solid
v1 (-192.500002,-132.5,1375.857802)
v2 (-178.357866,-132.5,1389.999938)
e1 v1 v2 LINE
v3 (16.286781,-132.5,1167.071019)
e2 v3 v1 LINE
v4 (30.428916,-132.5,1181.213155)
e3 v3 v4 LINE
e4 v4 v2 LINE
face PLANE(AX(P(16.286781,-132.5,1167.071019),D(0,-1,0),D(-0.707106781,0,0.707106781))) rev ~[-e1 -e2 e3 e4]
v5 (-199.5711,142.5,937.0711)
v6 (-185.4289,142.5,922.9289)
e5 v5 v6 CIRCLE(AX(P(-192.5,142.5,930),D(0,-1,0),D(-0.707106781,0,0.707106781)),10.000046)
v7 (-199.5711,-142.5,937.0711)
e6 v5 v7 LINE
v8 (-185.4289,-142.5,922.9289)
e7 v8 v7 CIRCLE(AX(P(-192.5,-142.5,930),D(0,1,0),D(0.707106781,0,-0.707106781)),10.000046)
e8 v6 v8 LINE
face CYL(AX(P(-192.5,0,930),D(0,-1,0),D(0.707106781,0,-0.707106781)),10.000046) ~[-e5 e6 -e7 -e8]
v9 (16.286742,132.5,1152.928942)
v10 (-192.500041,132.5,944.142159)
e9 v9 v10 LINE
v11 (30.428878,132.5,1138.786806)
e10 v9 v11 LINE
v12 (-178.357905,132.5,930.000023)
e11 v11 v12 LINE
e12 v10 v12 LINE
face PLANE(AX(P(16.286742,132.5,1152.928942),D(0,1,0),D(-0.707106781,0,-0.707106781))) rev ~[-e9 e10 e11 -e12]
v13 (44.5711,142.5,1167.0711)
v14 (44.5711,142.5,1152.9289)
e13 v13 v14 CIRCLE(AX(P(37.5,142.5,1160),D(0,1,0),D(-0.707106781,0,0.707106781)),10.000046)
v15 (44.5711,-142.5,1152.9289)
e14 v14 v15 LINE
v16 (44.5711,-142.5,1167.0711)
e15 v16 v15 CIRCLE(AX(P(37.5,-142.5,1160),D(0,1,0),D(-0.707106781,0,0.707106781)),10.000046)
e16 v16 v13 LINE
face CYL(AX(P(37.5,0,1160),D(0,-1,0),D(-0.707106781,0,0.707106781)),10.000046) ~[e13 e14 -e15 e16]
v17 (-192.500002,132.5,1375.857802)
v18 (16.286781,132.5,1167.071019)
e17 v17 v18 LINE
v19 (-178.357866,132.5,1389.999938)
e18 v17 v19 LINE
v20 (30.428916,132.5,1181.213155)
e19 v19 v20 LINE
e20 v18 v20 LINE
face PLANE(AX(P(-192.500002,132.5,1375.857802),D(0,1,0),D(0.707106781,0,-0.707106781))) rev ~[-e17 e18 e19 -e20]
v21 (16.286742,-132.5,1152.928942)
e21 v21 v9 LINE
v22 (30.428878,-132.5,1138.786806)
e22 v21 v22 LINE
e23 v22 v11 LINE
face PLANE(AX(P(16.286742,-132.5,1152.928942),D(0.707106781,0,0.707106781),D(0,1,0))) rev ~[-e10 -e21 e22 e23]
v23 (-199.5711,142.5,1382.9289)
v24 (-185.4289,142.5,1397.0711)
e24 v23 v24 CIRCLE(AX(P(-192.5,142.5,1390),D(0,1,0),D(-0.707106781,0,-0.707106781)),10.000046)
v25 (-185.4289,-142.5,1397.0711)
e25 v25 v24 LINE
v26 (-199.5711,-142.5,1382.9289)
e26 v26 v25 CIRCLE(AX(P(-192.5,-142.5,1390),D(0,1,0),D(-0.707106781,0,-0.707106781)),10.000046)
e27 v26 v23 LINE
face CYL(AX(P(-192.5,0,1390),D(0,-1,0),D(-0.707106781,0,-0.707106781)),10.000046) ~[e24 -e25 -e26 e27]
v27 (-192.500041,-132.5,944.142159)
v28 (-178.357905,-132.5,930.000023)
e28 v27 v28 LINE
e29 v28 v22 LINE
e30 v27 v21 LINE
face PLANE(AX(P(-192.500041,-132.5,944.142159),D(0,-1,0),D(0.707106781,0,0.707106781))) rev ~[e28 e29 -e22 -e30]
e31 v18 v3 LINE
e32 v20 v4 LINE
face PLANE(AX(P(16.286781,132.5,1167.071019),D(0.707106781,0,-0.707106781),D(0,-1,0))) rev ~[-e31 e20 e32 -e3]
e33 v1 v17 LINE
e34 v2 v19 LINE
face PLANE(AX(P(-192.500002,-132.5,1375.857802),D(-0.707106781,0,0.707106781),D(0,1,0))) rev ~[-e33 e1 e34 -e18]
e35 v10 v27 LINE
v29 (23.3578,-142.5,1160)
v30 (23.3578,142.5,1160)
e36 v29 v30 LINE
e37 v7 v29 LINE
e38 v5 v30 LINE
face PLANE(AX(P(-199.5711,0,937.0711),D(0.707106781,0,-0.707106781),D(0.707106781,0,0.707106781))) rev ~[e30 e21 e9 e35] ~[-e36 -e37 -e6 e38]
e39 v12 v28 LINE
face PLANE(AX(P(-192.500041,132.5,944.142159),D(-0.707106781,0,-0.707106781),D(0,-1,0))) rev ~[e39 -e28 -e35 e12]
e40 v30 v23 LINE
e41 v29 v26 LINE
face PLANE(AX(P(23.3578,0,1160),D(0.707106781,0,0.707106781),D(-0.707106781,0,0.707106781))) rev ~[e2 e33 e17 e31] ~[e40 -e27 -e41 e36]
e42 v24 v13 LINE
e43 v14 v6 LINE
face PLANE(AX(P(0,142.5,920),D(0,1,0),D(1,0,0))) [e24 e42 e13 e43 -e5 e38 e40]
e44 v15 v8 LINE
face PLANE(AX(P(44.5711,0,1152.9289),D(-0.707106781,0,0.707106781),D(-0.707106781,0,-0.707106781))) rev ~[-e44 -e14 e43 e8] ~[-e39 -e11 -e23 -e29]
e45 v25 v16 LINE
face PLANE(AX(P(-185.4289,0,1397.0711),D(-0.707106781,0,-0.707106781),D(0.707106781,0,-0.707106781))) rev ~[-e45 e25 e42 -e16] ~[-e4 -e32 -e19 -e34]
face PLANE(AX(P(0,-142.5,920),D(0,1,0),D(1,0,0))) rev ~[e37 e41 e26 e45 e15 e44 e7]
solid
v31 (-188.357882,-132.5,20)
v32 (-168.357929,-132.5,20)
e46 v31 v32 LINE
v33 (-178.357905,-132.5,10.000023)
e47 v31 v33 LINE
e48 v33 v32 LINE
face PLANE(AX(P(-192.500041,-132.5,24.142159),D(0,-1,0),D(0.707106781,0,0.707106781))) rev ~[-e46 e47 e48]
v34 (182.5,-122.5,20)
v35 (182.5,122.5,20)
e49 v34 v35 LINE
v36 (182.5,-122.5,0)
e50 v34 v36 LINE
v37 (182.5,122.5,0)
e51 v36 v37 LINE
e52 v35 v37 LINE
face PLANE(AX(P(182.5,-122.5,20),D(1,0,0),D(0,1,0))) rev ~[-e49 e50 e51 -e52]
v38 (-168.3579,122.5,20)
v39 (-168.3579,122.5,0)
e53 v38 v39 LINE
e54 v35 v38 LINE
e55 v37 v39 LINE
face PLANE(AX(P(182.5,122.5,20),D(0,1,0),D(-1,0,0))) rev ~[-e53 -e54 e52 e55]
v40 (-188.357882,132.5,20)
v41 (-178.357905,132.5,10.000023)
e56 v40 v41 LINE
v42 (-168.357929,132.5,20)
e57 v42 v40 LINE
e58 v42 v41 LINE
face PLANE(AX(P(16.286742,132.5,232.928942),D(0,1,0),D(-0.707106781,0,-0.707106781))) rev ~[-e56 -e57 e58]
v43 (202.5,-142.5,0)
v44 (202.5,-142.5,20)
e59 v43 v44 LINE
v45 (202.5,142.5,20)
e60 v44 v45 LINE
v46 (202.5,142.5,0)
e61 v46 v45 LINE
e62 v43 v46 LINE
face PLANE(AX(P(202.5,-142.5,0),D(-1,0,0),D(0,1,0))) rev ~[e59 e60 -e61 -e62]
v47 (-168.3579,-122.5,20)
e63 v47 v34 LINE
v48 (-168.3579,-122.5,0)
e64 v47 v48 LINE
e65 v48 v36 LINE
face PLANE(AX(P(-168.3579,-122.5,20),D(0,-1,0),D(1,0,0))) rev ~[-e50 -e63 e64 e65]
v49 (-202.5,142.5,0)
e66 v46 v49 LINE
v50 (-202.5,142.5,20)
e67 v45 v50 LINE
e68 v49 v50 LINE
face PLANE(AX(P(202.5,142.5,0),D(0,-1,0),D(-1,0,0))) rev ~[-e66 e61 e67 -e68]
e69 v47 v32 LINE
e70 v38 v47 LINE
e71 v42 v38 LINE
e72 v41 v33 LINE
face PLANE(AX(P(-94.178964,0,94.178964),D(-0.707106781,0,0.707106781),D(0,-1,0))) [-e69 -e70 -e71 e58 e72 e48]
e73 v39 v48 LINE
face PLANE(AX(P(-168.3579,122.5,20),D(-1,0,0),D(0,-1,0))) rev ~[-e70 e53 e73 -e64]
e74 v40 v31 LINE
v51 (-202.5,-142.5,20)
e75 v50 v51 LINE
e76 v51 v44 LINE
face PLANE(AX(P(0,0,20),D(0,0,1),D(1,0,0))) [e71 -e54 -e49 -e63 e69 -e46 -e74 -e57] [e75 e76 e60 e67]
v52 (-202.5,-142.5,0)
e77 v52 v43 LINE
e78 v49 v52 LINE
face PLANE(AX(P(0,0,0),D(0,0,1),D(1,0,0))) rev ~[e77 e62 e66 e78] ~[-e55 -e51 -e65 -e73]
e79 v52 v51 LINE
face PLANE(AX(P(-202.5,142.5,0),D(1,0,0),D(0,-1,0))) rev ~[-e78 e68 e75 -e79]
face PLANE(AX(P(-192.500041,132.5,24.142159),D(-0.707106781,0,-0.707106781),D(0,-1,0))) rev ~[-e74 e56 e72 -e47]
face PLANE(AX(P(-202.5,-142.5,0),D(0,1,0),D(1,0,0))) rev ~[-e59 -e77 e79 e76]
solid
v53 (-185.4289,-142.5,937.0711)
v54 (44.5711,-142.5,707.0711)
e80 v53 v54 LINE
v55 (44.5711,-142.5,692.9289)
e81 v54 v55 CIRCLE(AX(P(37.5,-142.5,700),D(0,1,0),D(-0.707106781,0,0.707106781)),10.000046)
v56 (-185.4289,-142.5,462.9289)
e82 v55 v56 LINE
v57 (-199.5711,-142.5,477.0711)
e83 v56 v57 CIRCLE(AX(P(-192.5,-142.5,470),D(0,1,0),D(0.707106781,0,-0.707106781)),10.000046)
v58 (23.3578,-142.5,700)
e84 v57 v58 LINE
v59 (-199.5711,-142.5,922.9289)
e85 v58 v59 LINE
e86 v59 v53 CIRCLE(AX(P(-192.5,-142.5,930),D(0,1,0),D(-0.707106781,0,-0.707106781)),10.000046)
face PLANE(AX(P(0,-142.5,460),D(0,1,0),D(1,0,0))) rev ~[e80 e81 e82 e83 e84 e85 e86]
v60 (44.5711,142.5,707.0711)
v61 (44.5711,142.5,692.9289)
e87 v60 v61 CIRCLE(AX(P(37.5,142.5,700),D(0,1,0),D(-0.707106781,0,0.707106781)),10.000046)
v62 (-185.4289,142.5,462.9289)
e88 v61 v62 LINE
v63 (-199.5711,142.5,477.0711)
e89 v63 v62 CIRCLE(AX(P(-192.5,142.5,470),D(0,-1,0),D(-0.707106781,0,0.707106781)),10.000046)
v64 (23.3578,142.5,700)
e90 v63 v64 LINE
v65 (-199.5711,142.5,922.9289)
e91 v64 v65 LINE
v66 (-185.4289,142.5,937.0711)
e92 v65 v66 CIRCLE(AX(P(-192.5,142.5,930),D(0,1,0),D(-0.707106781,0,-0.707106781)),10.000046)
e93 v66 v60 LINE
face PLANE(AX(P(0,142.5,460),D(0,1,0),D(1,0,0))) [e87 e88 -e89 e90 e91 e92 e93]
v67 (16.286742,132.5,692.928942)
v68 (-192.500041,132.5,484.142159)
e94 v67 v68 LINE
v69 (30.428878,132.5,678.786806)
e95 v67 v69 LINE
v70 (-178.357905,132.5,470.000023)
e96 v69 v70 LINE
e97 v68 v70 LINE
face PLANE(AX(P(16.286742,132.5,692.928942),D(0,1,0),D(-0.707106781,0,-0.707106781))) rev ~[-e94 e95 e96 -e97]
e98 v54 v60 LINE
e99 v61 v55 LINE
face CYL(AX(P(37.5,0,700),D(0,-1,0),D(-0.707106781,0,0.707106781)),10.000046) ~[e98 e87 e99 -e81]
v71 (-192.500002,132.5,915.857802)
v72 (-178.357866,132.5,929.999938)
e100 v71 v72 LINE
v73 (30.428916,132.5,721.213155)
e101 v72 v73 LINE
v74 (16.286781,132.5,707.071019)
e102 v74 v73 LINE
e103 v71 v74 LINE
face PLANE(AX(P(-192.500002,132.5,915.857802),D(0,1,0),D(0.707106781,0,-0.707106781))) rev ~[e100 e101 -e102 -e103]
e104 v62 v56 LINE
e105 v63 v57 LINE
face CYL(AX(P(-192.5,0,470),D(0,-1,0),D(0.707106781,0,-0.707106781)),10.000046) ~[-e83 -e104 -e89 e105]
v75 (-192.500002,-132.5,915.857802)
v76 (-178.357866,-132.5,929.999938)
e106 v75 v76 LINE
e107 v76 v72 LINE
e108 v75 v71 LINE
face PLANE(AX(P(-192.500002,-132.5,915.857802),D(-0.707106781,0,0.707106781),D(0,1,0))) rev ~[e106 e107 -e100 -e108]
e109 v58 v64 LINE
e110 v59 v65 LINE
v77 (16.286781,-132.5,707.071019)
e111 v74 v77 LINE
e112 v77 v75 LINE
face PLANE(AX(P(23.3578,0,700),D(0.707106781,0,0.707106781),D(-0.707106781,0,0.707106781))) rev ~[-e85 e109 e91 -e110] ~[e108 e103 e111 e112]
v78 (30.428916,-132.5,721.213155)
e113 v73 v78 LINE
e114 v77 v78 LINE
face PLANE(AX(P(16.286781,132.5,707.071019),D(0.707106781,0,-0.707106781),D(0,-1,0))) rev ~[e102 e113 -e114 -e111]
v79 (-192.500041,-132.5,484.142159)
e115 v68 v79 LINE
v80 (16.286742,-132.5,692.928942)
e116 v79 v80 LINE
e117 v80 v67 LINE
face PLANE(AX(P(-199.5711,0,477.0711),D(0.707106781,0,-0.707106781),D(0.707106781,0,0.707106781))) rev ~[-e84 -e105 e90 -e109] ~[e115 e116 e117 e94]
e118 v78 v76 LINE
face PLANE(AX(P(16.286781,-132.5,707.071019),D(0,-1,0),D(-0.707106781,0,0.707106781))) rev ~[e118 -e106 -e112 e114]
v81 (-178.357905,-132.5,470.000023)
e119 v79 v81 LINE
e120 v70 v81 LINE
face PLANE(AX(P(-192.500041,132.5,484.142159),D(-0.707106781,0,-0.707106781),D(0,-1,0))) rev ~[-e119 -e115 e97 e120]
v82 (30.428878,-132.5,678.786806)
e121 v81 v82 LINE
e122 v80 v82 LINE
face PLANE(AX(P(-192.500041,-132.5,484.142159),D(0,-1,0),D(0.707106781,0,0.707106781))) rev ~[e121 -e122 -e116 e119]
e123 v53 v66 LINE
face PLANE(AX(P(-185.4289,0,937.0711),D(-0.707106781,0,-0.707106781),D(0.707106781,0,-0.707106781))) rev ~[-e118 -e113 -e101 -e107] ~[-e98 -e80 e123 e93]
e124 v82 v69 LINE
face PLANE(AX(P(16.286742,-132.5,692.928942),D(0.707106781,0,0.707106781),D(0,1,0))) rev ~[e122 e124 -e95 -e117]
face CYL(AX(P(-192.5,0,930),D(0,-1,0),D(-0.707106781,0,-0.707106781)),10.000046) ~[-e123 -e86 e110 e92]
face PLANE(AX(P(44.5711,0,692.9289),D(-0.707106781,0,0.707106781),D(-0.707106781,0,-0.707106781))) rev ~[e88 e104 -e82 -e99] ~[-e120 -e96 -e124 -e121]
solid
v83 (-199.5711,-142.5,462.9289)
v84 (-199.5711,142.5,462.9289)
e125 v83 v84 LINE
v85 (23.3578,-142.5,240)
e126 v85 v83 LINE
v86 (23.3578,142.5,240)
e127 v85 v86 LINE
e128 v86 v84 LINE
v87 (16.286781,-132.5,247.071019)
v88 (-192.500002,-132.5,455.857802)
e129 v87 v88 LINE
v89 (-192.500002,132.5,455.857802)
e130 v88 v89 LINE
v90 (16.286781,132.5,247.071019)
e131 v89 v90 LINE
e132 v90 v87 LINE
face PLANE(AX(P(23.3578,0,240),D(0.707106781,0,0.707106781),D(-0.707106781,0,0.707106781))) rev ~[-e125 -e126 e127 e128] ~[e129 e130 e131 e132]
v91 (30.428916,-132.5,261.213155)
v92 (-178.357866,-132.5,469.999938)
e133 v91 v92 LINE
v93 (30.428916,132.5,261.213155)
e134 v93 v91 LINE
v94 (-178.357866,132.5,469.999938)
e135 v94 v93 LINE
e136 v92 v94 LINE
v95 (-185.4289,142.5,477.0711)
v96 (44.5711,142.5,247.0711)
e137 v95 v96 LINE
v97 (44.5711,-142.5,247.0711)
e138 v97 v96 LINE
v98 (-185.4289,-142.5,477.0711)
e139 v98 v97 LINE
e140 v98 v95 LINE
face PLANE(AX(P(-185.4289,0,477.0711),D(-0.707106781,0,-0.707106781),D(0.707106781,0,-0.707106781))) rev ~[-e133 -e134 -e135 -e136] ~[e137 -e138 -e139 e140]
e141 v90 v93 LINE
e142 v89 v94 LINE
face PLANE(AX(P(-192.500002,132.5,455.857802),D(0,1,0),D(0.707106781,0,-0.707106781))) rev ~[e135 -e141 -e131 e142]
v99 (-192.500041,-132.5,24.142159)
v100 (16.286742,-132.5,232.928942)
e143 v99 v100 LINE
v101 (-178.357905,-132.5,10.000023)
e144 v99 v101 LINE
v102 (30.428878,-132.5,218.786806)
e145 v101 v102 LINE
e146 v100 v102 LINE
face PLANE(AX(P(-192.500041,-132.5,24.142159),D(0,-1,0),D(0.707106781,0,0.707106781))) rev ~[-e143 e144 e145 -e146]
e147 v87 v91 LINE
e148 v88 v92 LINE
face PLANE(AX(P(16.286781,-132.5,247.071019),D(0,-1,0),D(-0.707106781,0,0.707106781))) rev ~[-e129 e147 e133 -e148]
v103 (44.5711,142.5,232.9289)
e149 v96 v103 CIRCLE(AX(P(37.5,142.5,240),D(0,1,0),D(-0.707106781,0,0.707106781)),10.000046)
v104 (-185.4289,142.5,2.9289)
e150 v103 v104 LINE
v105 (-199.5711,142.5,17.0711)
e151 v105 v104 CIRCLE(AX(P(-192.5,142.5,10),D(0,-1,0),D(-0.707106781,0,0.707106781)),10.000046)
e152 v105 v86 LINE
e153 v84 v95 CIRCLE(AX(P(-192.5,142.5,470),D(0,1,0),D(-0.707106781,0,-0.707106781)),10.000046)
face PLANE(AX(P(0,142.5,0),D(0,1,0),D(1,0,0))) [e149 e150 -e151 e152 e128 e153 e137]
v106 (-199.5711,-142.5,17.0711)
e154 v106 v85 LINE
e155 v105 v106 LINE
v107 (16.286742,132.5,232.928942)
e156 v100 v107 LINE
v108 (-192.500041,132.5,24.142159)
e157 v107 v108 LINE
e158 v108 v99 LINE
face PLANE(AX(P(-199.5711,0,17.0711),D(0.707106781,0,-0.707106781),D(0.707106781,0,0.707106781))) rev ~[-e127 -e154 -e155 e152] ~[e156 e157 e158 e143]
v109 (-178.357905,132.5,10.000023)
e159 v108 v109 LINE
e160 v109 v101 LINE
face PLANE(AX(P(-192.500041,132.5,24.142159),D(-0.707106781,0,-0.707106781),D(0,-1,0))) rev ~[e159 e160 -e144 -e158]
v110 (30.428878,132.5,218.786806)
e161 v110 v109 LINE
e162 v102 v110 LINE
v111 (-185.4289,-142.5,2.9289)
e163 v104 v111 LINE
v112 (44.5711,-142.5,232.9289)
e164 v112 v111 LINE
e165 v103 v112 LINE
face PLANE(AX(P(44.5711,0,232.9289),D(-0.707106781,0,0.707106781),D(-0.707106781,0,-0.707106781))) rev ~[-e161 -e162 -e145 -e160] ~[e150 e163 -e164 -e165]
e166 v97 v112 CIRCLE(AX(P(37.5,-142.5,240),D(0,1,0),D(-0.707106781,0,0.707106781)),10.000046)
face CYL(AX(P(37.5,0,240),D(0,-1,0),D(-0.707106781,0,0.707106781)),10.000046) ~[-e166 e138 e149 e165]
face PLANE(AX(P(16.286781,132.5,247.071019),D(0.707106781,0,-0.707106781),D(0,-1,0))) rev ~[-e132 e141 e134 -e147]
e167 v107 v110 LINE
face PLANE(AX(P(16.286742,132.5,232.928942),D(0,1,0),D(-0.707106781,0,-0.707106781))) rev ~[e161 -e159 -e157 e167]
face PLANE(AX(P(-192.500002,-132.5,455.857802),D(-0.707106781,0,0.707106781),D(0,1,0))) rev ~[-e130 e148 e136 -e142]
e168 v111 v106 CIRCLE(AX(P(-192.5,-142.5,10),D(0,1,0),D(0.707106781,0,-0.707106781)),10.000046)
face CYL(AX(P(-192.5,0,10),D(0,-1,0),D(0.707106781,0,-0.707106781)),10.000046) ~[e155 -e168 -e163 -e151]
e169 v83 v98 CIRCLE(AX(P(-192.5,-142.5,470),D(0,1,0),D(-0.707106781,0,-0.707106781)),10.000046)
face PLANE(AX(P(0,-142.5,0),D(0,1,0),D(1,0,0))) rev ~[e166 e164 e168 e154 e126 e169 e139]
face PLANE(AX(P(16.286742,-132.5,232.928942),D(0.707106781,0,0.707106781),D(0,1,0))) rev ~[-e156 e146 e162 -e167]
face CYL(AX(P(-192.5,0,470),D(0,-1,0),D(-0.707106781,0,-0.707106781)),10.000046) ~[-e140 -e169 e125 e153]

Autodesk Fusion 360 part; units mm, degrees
sketch "Sketch1" plane through (0, 0, 0) normal (0, 0, 1) x (1, 0, 0)
  line L0 (-202.5, -142.5) -> (202.5, -142.5)
  line L1 (202.5, -142.5) -> (202.5, 142.5)
  line L2 (202.5, 142.5) -> (-202.5, 142.5)
  line L3 (-202.5, 142.5) -> (-202.5, -142.5)
  line L4 (-202.5, -142.5) -> (202.5, 142.5) construction
  line L5 (202.5, -142.5) -> (-202.5, 142.5) construction
  dimension "d1" = 405
  dimension "d2" = 285
extrude "Extrude1" add sketch "Sketch1" along normal blind 20 makes body 1
sketch "Sketch2" plane through (0, 0, 0) normal (0, 1, 0) x (1, 0, 0)
  line L0 (44.5711, -232.9289) -> (-185.4289, -2.9289)
  arc A0 (-185.4289, -2.9289) -> (-199.5711, -17.0711) centre (-192.5, -10) ccw
  line L1 (-199.5711, -17.0711) -> (30.4289, -247.0711)
  arc A1 (30.4289, -247.0711) -> (44.5711, -232.9289) centre (37.5, -240) ccw
  line L2 (37.5, -240) -> (-192.5, -10) construction
  line L3 (202.5, 0) -> (-202.5, 0)
  line L4 (-202.5, 0) -> (-202.5, -20)
  line L5 (30.4289, -232.9289) -> (-199.5711, -462.9289)
  arc A2 (-199.5711, -462.9289) -> (-185.4289, -477.0711) centre (-192.5, -470) ccw
  line L6 (-185.4289, -477.0711) -> (44.5711, -247.0711)
  arc A3 (44.5711, -247.0711) -> (30.4289, -232.9289) centre (37.5, -240) ccw
  line L7 (37.5, -240) -> (-192.5, -470) construction
  point P0 (-192.5, -10)
  point P1 (37.5, -240)
  dimension "d5" = 20
  dimension "d7" = 10
  dimension "d8" = 10
  dimension "d9" = 230
  dimension "d10" = 230
  dimension "d11" = 10
  dimension "d12" = 230
  dimension "d13" = 230
extrude "Extrude2" add sketch "Sketch2" along normal up to surface (142.5 mm away) and the other way up to surface (142.5 mm away) separate body contours L0 A0 L1 L5 A3 | L1 A1 L5 A3 | L1 A1 L5 A2 L6 makes body 2
sketch "Sketch3" plane through (-108.3211, 0, 108.3211) normal (-0.7071, 0, 0.7071) x (0, -1, 0)
  line L0 (-142.5, 186.2221) -> (-142.5, -129.047)
  line L1 (-142.5, -129.047) -> (142.5, -129.047)
  line L2 (142.5, -129.047) -> (142.5, 186.2221)
  line L3 (142.5, 186.2221) -> (-142.5, 186.2221)
  line L4 (-132.5, -119.047) -> (132.5, -119.047)
  line L5 (132.5, -119.047) -> (132.5, 176.2221)
  line L6 (132.5, 176.2221) -> (-132.5, 176.2221)
  line L7 (-132.5, 176.2221) -> (-132.5, -119.047)
  dimension "d18" = -10
extrude "Extrude3" cut sketch "Sketch3" against normal up to surface (20 mm away) contours L4 L5 L6 L7 bodies 1 2
sketch "Sketch4" plane through (131.6789, 0, 131.6789) normal (-0.7071, 0, -0.7071) x (0, -1, 0)
  line L0 (-142.5, 468.4582) -> (-142.5, 153.1891)
  line L1 (-142.5, 153.1891) -> (142.5, 153.1891)
  line L2 (142.5, 153.1891) -> (142.5, 468.4582)
  line L3 (142.5, 468.4582) -> (-142.5, 468.4582)
  line L4 (-132.5, 163.1891) -> (132.5, 163.1891)
  line L5 (132.5, 163.1891) -> (132.5, 458.4582)
  line L6 (132.5, 458.4582) -> (-132.5, 458.4582)
  line L7 (-132.5, 458.4582) -> (-132.5, 163.1891)
  dimension "d21" = -10
extrude "Extrude4" cut sketch "Sketch4" against normal up to surface (20 mm away) contours L4 L5 L6 L7 bodies 2
pattern_linear "R-Pattern1" count 3 spacing 460 along (0, 0, 1) of bodies 2 makes body 3 at (39.857, -44.1667, 688.2149) makes body 4 at (39.857, 44.1667, 1171.7851)
sketch "Sketch5" plane through (0, 0, 20) normal (0, 0, 1) x (-1, 0, 0)
  line L0 (188.3579, -132.5) -> (168.3579, -132.5)
  line L1 (168.3579, -132.5) -> (168.3579, 132.5)
  line L2 (168.3579, 132.5) -> (188.3579, 132.5)
  line L3 (188.3579, 132.5) -> (188.3579, -132.5)
  line L4 (202.5, -142.5) -> (202.5, 142.5)
  line L5 (202.5, 142.5) -> (-202.5, 142.5)
  line L6 (-202.5, 142.5) -> (-202.5, -142.5)
  line L7 (-202.5, -142.5) -> (202.5, -142.5)
  line L8 (182.5, 122.5) -> (-182.5, 122.5)
  line L9 (-182.5, 122.5) -> (-182.5, -122.5)
  line L10 (-182.5, -122.5) -> (182.5, -122.5)
  line L11 (182.5, -122.5) -> (182.5, 122.5)
  dimension "d28" = -20
extrude "Extrude5" cut sketch "Sketch5" against normal up to surface (20 mm away) contours L1 L8 L9 L10 bodies 1
